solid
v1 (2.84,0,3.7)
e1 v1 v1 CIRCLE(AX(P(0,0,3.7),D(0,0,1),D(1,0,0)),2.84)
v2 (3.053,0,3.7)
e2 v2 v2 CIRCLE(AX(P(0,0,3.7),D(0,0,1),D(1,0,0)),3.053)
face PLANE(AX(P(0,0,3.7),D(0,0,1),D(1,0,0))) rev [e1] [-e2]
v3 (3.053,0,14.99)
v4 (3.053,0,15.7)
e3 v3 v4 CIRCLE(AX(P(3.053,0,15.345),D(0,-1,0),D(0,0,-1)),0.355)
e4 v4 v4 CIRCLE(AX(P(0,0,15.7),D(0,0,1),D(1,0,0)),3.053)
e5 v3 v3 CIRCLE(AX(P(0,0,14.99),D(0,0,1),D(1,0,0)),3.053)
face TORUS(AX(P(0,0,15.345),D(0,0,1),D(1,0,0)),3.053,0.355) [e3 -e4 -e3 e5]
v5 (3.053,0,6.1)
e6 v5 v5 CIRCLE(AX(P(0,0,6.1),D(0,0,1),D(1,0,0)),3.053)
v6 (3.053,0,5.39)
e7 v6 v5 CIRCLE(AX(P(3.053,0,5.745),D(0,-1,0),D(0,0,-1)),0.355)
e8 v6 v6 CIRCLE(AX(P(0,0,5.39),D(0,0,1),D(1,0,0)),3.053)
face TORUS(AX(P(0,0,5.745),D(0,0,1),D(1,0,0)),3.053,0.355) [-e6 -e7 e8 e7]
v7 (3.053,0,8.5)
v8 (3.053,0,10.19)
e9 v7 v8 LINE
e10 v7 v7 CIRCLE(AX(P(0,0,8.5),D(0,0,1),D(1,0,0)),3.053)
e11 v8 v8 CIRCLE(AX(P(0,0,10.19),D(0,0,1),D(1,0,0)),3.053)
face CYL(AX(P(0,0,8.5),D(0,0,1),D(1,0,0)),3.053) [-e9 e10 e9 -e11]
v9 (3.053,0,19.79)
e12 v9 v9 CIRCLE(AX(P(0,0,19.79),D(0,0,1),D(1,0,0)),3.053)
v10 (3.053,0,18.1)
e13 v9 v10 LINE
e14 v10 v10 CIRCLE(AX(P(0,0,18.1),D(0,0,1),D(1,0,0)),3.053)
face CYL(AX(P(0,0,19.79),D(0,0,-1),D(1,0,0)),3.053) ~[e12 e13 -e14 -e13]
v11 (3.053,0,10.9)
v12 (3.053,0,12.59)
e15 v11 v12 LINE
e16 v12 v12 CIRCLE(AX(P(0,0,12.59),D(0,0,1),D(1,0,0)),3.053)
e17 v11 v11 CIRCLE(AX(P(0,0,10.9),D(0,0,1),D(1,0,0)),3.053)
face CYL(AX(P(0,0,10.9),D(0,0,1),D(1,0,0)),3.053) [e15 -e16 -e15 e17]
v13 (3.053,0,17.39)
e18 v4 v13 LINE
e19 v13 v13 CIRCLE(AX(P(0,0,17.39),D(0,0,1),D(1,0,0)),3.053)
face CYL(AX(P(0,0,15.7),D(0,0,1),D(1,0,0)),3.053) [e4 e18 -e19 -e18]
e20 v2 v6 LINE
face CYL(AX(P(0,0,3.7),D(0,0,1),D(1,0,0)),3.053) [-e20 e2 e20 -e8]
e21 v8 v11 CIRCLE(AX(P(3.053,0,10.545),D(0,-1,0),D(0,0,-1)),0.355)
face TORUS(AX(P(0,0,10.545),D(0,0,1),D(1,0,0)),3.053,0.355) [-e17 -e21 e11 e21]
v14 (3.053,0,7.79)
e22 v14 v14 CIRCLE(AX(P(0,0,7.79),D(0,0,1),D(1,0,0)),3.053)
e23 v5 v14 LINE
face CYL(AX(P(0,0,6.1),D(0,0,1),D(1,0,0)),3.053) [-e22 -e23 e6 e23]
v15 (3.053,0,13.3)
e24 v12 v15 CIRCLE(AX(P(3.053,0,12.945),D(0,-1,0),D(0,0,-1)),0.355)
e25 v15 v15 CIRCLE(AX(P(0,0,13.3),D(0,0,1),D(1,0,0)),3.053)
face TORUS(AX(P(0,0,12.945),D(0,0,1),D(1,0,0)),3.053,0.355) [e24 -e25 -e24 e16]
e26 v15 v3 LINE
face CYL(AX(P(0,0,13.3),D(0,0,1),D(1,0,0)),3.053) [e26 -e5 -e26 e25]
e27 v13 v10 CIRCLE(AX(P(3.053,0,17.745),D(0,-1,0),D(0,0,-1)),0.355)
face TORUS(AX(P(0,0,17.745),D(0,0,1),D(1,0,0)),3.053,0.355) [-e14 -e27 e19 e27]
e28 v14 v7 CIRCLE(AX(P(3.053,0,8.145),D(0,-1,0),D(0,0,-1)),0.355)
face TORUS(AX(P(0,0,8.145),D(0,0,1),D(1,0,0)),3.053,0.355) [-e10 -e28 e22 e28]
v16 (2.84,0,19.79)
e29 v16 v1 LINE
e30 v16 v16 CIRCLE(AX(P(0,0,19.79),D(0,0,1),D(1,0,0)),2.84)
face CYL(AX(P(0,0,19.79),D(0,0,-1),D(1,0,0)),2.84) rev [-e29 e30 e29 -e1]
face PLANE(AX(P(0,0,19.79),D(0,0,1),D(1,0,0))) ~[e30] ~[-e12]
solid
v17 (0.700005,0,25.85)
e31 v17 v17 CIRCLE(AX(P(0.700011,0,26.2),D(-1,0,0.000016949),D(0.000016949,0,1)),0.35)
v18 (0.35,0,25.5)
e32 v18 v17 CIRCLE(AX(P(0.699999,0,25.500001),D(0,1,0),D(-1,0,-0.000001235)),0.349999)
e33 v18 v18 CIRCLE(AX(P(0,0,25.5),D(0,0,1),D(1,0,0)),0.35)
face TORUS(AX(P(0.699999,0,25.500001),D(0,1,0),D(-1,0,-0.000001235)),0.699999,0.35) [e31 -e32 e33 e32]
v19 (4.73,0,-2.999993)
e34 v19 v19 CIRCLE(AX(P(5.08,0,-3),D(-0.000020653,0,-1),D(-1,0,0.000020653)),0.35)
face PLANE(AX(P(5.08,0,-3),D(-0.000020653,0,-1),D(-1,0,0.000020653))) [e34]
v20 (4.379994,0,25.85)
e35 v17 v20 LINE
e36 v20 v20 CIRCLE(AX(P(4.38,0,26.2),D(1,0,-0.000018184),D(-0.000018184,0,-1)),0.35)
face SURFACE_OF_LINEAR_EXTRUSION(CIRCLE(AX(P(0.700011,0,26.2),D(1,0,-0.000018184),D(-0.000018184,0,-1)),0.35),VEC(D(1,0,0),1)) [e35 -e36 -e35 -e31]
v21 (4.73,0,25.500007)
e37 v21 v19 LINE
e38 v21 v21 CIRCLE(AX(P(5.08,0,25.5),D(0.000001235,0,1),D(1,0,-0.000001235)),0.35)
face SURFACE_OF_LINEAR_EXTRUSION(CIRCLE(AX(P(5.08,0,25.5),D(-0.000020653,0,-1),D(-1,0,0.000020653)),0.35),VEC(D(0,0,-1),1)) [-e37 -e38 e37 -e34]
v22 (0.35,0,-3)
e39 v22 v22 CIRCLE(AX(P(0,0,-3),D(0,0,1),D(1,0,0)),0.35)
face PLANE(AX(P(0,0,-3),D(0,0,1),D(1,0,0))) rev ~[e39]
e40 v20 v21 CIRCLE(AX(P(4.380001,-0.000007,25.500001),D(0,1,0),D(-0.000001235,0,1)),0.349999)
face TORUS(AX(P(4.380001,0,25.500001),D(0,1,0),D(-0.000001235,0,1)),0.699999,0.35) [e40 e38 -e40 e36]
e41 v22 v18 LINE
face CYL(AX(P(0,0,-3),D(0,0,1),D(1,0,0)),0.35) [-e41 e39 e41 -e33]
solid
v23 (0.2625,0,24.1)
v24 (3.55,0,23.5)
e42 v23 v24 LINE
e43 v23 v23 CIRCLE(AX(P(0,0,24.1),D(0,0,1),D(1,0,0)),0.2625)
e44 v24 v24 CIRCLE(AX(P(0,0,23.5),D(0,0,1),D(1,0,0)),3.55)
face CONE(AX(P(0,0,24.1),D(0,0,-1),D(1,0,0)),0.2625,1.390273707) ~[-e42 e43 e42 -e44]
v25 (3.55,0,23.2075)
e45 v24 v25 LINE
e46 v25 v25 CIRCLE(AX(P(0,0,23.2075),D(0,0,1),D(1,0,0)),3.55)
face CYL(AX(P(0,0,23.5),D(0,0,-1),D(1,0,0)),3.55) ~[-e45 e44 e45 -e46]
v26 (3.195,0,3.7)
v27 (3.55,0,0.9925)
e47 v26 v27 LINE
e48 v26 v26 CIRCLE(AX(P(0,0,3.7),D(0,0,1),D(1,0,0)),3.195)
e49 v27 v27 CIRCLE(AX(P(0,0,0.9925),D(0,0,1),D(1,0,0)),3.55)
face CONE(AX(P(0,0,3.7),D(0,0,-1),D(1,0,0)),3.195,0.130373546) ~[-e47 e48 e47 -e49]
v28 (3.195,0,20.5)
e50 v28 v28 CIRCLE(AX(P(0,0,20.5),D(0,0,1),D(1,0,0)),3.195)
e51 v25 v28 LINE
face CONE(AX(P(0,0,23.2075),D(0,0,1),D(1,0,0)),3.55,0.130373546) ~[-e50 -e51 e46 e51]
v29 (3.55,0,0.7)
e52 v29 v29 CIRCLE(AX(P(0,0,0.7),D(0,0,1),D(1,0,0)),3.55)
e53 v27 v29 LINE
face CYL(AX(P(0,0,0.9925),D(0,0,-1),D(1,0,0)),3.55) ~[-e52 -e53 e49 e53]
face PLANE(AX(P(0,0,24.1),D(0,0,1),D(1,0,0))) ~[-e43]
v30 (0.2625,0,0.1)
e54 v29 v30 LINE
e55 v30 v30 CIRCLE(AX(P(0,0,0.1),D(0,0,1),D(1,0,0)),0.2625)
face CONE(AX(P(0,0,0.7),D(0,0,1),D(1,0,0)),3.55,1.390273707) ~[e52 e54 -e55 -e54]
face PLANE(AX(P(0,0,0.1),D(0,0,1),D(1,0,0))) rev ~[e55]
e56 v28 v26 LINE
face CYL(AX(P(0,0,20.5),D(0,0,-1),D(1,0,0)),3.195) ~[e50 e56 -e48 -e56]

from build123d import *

# Parameters (mm, degrees)
SKETCH_R = 0.35


with BuildPart() as sweep_body:
    # Sweep: sweep along a path in Sketch001
    with BuildLine(Plane.XZ) as sweep_path:
        Line((0, -3), (0, 25.5))
        ThreePointArc((0, 25.5), (0.205029, 25.994979), (0.700011, 26.2))
        Line((0.700011, 26.2), (4.38, 26.2))
        ThreePointArc((4.38, 26.2), (4.874975, 25.994975), (5.08, 25.5))
        Line((5.08, 25.5), (5.08, -3))
    # Sketch → Sweep (sweep)
    with BuildSketch(Plane.XY.offset(-2)):
        Circle(SKETCH_R)
    sweep(path=sweep_path.line)


with BuildPart() as revolution:
    # Sketch002 → Revolution (revolve)
    with BuildSketch(Plane.XZ):
        Polygon((0, 0.1), (0, 24.1), (0.2625, 24.1), (3.55, 23.5), (3.55, 23.2075), (3.195, 20.5), (3.195, 3.7), (3.55, 0.9925), (3.55, 0.7), (0.2625, 0.1), align=None)
    revolve(axis=Axis((0, 0, 0), (0, 0, 1)))


with BuildPart() as revolution001:
    # Sketch003 → Revolution001 (revolve)
    with BuildSketch(Plane.XZ):
        with BuildLine():
            Line((2.84, 19.79), (2.84, 3.7))
            Line((2.84, 3.7), (3.053, 3.7))
            Line((3.053, 3.7), (3.053, 5.39))
            ThreePointArc((3.053, 5.39), (3.408, 5.745), (3.053, 6.1))
            Line((3.053, 6.1), (3.053, 7.79))
            ThreePointArc((3.053, 7.79), (3.408, 8.145), (3.053, 8.5))
            Line((3.053, 8.5), (3.053, 10.19))
            ThreePointArc((3.053, 10.19), (3.408, 10.545), (3.053, 10.9))
            Line((3.053, 10.9), (3.053, 12.59))
            ThreePointArc((3.053, 12.59), (3.408, 12.945), (3.053, 13.3))
            Line((3.053, 13.3), (3.053, 14.99))
            ThreePointArc((3.053, 14.99), (3.408, 15.345), (3.053, 15.7))
            Line((3.053, 15.7), (3.053, 17.39))
            ThreePointArc((3.053, 17.39), (3.408, 17.745), (3.053, 18.1))
            Line((3.053, 19.79), (3.053, 18.1))
            Line((2.84, 19.79), (3.053, 19.79))
        make_face()
    revolve(axis=Axis((0, 0, 0), (0, 0, 1)))


solid = Compound([sweep_body.part, revolution.part, revolution001.part])
